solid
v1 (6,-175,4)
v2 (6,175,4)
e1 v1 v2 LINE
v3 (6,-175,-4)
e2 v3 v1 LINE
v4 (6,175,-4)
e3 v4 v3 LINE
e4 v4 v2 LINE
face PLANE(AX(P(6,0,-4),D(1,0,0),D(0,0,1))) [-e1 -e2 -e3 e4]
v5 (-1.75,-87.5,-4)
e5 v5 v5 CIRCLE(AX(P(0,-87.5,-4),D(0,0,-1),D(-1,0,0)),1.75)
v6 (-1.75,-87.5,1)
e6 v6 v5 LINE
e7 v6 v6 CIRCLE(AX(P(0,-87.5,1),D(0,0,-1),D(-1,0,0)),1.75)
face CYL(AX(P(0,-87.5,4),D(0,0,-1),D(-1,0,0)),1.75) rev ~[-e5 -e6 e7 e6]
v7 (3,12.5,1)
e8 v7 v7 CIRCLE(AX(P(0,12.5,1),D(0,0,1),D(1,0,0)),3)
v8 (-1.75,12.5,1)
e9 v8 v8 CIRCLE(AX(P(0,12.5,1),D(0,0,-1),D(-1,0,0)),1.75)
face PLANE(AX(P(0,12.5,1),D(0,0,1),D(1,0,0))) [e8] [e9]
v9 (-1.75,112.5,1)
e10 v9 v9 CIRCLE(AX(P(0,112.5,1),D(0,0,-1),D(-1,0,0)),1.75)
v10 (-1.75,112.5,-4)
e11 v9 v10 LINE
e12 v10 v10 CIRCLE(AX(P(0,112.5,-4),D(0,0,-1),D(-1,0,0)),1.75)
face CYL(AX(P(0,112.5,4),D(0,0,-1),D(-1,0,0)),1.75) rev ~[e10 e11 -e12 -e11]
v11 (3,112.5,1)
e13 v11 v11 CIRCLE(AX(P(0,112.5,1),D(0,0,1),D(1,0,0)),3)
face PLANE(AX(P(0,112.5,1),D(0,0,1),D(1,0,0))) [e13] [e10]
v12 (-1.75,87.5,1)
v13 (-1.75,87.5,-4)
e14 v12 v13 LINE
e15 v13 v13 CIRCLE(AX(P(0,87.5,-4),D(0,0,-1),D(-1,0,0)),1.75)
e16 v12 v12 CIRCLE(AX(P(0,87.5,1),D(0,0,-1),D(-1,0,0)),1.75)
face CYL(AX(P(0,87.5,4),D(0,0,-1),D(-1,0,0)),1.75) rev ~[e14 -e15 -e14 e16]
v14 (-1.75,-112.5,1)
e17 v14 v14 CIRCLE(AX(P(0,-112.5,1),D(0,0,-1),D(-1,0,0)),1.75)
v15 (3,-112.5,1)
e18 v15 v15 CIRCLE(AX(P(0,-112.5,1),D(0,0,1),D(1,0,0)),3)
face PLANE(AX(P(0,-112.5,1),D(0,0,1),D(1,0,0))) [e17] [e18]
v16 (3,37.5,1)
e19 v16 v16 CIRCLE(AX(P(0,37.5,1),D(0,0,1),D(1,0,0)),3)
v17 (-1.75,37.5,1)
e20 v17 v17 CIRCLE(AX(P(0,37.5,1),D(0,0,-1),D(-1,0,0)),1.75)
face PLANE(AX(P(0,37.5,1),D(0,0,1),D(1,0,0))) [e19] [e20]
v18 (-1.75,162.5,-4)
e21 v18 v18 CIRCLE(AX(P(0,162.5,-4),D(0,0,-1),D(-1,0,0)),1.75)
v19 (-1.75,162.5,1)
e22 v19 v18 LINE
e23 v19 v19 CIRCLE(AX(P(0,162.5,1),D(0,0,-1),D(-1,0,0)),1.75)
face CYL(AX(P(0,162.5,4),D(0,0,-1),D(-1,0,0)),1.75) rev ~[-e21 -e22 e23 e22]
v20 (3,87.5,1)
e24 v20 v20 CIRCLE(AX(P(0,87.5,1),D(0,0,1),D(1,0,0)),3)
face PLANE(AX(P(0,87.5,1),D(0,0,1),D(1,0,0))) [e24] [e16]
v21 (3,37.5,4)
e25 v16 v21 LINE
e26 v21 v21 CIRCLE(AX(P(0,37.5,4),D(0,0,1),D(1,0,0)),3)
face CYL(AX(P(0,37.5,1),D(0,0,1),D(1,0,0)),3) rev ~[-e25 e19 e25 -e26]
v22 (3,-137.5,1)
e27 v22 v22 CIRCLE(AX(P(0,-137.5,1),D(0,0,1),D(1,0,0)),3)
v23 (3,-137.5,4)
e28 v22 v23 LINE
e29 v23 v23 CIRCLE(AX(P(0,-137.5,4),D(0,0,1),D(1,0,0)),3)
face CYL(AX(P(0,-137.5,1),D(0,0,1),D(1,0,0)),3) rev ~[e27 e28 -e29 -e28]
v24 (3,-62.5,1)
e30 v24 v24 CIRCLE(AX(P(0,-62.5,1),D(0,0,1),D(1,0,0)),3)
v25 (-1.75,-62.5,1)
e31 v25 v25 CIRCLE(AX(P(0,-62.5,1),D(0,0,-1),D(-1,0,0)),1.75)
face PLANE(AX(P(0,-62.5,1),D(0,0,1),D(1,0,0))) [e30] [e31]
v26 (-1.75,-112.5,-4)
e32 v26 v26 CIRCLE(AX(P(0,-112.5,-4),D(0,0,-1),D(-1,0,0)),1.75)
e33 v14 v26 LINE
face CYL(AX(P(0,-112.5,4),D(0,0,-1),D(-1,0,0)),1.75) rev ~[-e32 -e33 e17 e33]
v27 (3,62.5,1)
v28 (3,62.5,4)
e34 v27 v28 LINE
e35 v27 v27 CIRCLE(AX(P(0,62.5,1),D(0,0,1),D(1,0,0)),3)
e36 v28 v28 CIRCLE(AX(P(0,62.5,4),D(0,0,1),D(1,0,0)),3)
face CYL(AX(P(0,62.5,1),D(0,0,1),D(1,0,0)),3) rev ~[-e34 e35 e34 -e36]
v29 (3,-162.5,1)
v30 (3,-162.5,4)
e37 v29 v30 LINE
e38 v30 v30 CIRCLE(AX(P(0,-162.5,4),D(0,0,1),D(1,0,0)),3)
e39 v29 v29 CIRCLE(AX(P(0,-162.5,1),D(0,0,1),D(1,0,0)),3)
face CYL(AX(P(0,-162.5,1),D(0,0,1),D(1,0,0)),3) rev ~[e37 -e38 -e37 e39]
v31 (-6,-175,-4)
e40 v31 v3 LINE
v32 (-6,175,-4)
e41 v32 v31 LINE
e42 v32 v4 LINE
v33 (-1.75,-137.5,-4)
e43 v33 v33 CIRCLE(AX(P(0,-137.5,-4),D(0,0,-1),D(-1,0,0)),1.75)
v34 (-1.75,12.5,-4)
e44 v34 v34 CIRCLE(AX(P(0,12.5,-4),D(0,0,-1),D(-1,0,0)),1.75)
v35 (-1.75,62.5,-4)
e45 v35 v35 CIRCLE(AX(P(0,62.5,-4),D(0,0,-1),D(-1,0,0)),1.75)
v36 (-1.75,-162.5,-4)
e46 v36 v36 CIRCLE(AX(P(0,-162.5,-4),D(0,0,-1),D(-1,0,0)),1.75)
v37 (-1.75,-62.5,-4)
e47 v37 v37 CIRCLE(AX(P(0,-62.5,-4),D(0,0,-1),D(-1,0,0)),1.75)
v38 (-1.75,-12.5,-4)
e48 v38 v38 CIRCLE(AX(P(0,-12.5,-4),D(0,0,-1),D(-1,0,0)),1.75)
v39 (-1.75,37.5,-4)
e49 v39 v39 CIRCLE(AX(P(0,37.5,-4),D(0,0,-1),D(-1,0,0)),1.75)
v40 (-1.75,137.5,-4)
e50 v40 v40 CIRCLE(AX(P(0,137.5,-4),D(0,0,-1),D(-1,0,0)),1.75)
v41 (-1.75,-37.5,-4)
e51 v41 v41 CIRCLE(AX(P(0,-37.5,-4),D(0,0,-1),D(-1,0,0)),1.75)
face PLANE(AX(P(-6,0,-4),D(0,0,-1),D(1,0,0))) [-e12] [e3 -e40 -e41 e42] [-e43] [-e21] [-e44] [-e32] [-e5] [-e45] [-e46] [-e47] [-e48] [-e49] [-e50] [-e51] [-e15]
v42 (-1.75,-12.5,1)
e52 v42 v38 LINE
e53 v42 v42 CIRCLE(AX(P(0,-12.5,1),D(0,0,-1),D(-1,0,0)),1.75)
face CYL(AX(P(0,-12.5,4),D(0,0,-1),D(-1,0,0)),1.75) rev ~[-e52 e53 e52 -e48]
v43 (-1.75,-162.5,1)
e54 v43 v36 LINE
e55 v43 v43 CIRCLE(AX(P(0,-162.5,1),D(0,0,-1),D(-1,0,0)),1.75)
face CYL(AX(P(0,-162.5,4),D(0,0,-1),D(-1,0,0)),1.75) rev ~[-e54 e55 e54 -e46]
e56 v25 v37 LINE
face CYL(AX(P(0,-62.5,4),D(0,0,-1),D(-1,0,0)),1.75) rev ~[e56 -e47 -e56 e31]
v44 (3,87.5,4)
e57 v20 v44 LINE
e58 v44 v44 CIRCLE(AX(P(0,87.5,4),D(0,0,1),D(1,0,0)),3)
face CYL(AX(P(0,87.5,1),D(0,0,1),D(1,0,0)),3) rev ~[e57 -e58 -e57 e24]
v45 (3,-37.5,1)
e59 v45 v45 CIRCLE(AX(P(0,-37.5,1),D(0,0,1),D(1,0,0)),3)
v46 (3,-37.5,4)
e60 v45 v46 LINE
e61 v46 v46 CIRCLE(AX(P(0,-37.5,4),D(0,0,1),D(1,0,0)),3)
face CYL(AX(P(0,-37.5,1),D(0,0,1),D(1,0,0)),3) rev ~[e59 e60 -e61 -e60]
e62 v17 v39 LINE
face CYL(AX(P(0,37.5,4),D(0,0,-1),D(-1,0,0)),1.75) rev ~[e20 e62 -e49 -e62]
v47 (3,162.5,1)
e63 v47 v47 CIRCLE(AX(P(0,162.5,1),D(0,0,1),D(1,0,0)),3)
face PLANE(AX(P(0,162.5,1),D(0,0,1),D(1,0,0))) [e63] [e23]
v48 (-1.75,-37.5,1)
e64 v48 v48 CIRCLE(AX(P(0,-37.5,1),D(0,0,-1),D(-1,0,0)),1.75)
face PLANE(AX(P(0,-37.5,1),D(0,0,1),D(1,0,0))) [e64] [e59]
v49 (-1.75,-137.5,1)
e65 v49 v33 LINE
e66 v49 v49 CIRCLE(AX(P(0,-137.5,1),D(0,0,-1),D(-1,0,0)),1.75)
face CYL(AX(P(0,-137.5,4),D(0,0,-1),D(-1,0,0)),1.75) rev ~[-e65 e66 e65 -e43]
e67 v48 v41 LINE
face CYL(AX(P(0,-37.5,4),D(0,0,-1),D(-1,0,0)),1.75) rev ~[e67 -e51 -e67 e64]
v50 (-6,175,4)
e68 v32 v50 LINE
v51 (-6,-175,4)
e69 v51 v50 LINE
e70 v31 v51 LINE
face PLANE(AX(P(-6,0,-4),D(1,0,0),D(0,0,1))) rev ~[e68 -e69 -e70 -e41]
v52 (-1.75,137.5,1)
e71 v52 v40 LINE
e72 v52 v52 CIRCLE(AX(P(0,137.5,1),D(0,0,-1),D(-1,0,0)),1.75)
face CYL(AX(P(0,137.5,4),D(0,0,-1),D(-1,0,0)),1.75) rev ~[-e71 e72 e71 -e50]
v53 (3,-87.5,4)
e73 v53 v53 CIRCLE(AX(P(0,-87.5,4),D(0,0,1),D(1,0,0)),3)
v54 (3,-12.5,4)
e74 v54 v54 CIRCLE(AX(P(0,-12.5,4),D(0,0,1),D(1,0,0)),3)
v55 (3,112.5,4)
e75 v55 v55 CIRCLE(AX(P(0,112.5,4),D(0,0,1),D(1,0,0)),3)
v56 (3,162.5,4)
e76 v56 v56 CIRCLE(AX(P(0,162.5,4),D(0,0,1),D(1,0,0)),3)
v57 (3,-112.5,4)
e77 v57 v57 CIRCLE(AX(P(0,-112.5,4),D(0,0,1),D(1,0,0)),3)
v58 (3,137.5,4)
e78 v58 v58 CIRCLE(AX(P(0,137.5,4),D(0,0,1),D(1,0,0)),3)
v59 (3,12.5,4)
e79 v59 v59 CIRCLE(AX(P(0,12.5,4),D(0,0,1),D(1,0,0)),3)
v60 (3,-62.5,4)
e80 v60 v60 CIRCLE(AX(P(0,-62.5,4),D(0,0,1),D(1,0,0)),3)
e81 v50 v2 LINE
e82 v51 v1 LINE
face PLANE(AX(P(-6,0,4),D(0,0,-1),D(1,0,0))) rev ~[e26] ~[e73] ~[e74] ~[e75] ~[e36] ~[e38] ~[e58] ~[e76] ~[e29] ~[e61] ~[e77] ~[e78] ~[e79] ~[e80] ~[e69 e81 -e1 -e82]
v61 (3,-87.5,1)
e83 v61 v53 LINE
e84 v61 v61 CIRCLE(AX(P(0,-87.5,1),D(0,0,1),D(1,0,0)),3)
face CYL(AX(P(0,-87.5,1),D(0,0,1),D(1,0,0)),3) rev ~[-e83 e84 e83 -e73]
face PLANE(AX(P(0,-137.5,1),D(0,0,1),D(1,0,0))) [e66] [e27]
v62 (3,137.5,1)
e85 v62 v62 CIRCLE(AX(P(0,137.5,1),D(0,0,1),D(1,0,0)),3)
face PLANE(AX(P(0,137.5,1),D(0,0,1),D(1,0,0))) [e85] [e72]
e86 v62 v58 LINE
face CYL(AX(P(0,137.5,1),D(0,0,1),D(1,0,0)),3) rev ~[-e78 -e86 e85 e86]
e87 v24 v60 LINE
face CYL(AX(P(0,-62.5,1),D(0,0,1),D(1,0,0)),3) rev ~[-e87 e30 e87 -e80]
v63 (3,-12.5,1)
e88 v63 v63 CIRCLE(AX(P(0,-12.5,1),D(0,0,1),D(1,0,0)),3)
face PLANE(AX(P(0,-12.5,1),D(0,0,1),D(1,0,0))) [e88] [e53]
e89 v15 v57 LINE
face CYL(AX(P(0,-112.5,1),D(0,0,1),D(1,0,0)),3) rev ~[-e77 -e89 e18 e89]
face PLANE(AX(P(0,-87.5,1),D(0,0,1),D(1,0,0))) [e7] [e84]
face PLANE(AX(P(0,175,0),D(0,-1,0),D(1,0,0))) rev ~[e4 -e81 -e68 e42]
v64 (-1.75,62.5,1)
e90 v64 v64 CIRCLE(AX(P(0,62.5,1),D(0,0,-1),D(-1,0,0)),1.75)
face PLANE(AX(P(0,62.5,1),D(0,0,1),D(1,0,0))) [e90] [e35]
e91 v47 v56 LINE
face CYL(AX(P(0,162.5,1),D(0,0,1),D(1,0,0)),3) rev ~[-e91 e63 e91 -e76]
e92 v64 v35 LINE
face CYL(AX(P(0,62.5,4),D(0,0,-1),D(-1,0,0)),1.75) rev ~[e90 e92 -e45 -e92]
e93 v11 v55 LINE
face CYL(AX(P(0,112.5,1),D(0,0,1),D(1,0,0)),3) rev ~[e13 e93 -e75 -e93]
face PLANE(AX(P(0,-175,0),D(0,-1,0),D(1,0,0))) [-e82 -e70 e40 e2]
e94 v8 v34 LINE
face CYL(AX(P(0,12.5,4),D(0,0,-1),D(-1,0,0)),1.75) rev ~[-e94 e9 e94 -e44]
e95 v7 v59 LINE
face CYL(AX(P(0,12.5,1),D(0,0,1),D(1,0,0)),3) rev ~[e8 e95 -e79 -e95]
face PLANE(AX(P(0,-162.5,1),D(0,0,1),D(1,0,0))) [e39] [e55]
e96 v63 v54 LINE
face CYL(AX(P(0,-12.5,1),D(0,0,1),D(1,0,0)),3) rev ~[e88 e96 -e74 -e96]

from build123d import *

# Parameters (mm, degrees)
F0_W           = 12
F0_H           = 8
F1_DEPTH       = 175
F1_DEPTH_BACK  = 175
F3_D           = 3.5
F3_CBORE_D     = 6
F3_CBORE_DEPTH = 3


with BuildPart() as f1:
    # F0 (on Front) → F1 (new body, two sides)
    with BuildSketch(Plane.XZ) as f1_sk:
        Rectangle(F0_W, F0_H)
    extrude(amount=F1_DEPTH)
    extrude(f1_sk.sketch, amount=-F1_DEPTH_BACK)

    # F3 (through all)
    with Locations(Plane.XY.offset(4)):
        with Locations((0, -162.5), (0, -137.5), (0, -112.5), (0, -87.5), (0, -62.5), (0, -37.5), (0, -12.5), (0, 12.5), (0, 37.5), (0, 62.5), (0, 87.5), (0, 112.5), (0, 137.5), (0, 162.5)):
            CounterBoreHole(F3_D / 2, F3_CBORE_D / 2, F3_CBORE_DEPTH)


solid = f1.part
